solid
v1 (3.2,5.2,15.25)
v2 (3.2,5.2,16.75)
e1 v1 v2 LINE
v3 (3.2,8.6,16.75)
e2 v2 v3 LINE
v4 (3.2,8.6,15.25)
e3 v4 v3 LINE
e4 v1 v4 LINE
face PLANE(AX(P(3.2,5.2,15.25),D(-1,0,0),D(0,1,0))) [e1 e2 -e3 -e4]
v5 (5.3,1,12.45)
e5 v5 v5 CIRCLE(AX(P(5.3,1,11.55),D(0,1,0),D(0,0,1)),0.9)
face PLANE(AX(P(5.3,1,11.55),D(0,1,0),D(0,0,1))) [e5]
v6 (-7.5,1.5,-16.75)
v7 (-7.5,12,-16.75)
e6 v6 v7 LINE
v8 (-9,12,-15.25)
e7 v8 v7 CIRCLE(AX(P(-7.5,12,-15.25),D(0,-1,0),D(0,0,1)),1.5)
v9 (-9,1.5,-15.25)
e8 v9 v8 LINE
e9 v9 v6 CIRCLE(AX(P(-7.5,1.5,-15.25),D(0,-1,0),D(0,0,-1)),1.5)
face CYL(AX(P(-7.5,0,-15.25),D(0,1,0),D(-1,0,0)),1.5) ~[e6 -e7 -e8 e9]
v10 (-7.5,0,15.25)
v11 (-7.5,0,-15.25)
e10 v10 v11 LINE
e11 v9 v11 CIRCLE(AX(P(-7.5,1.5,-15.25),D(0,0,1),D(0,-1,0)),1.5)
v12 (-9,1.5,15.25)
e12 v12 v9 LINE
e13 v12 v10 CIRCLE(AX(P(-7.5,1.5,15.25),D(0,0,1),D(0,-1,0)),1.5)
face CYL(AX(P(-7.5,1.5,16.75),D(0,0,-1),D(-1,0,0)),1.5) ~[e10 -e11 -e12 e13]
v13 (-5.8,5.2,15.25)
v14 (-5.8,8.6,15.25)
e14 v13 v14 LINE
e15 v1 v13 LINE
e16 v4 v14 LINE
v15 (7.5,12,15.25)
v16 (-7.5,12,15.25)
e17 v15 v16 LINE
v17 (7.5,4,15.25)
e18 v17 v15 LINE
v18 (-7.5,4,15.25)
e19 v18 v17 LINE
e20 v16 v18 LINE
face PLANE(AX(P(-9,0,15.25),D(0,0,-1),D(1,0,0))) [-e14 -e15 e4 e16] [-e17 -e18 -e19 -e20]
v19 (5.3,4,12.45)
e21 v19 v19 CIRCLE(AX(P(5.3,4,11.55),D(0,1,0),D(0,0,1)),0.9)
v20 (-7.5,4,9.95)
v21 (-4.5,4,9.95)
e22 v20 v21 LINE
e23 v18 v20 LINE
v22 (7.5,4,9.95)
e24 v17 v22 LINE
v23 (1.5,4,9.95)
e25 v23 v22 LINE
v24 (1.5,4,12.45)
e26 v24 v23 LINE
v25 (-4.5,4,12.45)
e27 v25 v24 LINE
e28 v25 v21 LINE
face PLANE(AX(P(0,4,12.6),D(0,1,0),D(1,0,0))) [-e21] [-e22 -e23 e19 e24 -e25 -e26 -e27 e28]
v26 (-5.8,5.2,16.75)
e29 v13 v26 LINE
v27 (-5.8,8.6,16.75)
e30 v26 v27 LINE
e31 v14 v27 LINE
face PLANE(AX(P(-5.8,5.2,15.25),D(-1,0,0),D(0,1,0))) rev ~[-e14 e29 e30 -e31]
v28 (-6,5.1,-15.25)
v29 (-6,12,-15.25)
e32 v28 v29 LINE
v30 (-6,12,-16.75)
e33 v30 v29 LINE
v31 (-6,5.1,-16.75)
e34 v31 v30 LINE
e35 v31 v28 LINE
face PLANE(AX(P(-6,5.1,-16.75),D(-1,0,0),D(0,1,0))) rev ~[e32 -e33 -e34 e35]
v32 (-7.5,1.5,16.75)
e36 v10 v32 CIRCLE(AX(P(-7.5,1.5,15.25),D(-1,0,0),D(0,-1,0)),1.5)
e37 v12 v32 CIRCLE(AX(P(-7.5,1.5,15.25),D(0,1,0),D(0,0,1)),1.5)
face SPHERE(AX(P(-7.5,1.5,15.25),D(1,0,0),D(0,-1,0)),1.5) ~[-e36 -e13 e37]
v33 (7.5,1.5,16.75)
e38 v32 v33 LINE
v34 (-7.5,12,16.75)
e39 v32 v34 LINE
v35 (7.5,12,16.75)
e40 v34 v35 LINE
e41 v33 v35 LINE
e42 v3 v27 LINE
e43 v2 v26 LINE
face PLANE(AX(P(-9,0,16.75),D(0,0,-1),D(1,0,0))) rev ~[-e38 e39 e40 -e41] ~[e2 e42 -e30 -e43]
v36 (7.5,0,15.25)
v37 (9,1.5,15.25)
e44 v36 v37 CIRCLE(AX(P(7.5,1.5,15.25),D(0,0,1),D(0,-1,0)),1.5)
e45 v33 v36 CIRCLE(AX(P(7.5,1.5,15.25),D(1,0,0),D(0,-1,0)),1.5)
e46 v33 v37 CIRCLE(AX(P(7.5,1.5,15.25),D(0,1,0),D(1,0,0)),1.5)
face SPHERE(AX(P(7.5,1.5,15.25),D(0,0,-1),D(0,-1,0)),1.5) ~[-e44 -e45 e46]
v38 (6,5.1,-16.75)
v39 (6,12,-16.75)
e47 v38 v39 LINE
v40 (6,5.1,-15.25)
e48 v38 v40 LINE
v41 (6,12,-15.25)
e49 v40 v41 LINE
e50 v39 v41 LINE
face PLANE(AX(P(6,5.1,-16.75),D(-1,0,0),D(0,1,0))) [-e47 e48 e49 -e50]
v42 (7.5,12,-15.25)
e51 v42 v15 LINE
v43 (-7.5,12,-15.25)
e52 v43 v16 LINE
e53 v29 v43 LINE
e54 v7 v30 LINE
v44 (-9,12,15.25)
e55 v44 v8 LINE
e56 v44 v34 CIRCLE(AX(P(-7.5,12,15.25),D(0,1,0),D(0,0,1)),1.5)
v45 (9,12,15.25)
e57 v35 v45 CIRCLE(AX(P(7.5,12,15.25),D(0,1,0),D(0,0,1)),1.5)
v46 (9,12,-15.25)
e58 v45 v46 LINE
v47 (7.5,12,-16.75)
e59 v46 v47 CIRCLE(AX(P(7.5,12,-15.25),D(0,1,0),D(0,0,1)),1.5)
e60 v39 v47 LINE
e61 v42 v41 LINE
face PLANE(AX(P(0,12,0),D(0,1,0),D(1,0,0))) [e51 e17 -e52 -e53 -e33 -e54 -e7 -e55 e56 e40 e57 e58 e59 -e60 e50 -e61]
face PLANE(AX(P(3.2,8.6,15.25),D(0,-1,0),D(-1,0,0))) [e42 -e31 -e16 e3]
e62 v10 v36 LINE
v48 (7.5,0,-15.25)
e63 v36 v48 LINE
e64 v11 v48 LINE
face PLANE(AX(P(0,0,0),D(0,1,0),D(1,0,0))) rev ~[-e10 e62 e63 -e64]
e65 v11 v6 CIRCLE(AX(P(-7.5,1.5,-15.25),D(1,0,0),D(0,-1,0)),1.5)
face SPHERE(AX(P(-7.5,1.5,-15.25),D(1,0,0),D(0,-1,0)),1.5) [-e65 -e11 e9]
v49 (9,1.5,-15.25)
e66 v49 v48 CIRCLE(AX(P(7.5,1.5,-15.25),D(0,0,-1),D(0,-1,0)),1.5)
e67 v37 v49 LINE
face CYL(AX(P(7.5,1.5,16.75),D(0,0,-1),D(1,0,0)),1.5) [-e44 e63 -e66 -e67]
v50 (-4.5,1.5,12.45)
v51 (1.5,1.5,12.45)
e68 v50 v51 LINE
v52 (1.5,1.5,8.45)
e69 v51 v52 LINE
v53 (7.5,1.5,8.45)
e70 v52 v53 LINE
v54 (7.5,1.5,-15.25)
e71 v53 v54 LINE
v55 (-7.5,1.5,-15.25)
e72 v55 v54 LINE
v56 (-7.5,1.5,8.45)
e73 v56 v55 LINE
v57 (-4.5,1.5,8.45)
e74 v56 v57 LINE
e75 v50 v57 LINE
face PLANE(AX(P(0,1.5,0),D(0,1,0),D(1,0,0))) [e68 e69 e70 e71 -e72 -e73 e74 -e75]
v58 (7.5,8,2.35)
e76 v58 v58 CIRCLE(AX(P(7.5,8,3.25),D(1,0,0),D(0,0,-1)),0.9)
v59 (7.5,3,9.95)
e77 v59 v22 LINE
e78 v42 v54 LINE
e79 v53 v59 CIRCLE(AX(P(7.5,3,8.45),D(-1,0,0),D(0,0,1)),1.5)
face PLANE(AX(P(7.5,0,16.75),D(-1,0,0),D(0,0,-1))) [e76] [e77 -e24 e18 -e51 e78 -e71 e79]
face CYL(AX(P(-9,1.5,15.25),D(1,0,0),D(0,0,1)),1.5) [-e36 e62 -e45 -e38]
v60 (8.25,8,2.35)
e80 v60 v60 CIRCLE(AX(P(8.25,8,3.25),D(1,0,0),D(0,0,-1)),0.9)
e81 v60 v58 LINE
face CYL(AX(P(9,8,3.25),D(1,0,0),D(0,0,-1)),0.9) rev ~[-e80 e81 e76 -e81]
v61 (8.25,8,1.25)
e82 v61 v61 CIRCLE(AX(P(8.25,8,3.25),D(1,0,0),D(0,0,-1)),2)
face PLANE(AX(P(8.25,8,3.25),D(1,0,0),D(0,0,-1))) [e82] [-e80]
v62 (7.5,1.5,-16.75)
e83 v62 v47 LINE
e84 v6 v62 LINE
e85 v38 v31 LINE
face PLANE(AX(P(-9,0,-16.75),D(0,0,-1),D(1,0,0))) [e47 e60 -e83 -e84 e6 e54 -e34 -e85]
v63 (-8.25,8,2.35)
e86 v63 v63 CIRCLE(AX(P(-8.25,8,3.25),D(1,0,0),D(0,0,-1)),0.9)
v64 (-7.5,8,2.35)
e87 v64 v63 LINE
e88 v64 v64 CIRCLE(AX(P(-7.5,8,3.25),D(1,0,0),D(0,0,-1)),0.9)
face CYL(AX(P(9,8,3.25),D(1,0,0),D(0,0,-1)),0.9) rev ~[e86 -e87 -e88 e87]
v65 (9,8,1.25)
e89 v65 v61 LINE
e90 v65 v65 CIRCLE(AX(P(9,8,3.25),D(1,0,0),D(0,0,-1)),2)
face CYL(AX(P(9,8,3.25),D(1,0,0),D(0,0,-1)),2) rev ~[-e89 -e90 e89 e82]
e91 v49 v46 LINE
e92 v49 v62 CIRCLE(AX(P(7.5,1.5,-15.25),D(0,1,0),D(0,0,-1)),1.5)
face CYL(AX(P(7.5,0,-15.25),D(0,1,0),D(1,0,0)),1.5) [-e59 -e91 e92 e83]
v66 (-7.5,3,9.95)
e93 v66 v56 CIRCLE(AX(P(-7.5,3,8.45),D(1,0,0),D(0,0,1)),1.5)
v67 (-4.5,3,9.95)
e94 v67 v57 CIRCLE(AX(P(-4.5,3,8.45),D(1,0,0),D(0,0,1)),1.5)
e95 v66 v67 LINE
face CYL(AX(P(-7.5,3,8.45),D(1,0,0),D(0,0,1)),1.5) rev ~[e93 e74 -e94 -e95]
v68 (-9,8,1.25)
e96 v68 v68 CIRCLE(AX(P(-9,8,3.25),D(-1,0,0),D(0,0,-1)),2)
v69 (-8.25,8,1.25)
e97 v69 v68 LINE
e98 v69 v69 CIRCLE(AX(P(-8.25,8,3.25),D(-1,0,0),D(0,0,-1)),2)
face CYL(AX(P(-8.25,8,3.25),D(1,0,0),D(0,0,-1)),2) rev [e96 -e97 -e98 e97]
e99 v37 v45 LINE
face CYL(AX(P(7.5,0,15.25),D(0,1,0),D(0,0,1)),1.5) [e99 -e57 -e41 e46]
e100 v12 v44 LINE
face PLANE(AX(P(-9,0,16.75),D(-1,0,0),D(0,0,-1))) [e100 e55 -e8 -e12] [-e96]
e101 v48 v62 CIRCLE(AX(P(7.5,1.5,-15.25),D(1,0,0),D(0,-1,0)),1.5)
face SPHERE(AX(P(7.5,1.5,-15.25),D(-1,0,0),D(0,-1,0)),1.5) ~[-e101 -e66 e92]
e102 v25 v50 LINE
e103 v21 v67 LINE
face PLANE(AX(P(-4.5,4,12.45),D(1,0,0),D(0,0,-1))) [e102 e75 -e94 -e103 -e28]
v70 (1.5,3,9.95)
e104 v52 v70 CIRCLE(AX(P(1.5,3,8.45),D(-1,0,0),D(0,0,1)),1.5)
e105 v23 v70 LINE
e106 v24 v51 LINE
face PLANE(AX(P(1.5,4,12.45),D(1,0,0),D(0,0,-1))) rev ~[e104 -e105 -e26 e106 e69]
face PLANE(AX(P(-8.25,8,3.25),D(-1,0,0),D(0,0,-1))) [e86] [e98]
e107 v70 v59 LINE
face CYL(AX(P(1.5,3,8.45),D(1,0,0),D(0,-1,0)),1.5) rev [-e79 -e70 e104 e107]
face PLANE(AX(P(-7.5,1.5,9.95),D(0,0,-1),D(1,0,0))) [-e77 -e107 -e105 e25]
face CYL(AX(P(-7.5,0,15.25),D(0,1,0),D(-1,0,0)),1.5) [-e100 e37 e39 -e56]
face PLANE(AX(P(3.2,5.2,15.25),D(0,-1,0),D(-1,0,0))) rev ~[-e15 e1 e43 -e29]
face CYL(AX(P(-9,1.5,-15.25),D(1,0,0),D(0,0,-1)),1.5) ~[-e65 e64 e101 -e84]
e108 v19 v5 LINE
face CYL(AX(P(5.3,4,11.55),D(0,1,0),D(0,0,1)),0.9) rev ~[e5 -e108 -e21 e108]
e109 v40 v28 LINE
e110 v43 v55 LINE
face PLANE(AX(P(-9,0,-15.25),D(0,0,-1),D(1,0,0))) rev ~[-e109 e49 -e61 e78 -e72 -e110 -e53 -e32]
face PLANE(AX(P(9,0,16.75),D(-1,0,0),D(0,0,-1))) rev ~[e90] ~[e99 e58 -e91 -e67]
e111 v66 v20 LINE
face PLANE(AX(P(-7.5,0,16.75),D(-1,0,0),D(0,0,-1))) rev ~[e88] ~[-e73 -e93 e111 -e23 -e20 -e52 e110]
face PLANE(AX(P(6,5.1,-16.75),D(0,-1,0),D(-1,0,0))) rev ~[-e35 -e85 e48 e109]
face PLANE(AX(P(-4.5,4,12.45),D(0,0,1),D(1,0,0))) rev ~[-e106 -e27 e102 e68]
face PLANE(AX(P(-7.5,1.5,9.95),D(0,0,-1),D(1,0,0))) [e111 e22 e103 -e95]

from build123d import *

# Parameters (mm, degrees)
SKETCH_1_W          = 18
SKETCH_1_H          = 33.5
EXTRUDE_1_DEPTH     = 12
SHELL_1_T           = -1.5
FILLET_1_R          = 1.5
SKETCH_2_W          = 15
SKETCH_2_H          = 5.3
EXTRUDE_2_DEPTH     = 2.5
SKETCH_4_W          = 6
SKETCH_4_H          = 2.5
CUT_EXTRUDE_1_DEPTH = 2.5
FILLET_3_R          = 1.5
SKETCH_5_W          = 9
SKETCH_5_H          = 3.4
CUT_EXTRUDE_2_DEPTH = 2.5
SKETCH_6_W          = 12
SKETCH_6_H          = 8
CUT_EXTRUDE_3_DEPTH = 2.5
SKETCH_7_R          = 0.9
CUT_EXTRUDE_4_DEPTH = 3
SKETCH_8_R          = 0.9
CUT_EXTRUDE_5_DEPTH = 23.5
SKETCH_10_R         = 2
CUT_EXTRUDE_7_DEPTH = 0.75
CUT_EXTRUDE_START   = -0.75
SKETCH_11_R         = 2
CUT_EXTRUDE_8_DEPTH = 0.75


with BuildPart() as part:
    # 草图1 → 凸台-拉伸1 (new body)
    with BuildSketch(Plane(origin=(0, 0, 0), x_dir=(1, 0, 0), z_dir=(0, 1, 0))):
        Rectangle(SKETCH_1_W, SKETCH_1_H)
    extrude(amount=EXTRUDE_1_DEPTH)

    # 抽壳1
    shell_1_openings = [part.faces().sort_by_distance(p)[0] for p in [
        (0, 12, 0),
    ]]
    offset(amount=SHELL_1_T, openings=shell_1_openings, kind=Kind.INTERSECTION)

    # 圆角1
    fillet_1_edges = [part.edges().sort_by_distance(p)[0] for p in [
        (0, 0, -16.75),
        (9, 0, 0),
        (0, 0, 16.75),
        (-9, 0, 0),
        (-9, 6, -16.75),
        (9, 6, -16.75),
        (9, 6, 16.75),
        (-9, 6, 16.75),
    ]]
    fillet(fillet_1_edges, radius=FILLET_1_R)

    # 草图2 → 凸台-拉伸2 (add)
    with BuildSketch(Plane(origin=(0, 1.5, 0), x_dir=(1, 0, 0), z_dir=(0, 1, 0))):
        with Locations((0, -12.6)):
            Rectangle(SKETCH_2_W, SKETCH_2_H)
    extrude(amount=EXTRUDE_2_DEPTH)

    # 草图4 → 切除-拉伸1 (cut)
    with BuildSketch(Plane(origin=(0, 4, 0), x_dir=(1, 0, 0), z_dir=(0, 1, 0))):
        with Locations((-1.5, -11.2)):
            Rectangle(SKETCH_4_W, SKETCH_4_H)
    extrude(amount=-CUT_EXTRUDE_1_DEPTH, mode=Mode.SUBTRACT)

    # 圆角3
    fillet_3_edges = [part.edges().sort_by_distance(p)[0] for p in [
        (4.5, 1.5, 9.95),
        (-6, 1.5, 9.95),
    ]]
    fillet(fillet_3_edges, radius=FILLET_3_R)

    # 草图5 → 切除-拉伸2 (cut)
    with BuildSketch(Plane(origin=(0, 0, 15.25), x_dir=(-1, 0, 0), z_dir=(0, 0, -1))):
        with Locations((1.3, 6.9)):
            Rectangle(SKETCH_5_W, SKETCH_5_H)
    extrude(amount=-CUT_EXTRUDE_2_DEPTH, mode=Mode.SUBTRACT)

    # 草图6 → 切除-拉伸3 (cut)
    with BuildSketch(Plane(origin=(0, 0, -16.75), x_dir=(-1, 0, 0), z_dir=(0, 0, -1))):
        with Locations((0, 9.1)):
            Rectangle(SKETCH_6_W, SKETCH_6_H)
    extrude(amount=-CUT_EXTRUDE_3_DEPTH, mode=Mode.SUBTRACT)

    # 草图7 → 切除-拉伸4 (cut)
    with BuildSketch(Plane(origin=(0, 4, 0), x_dir=(1, 0, 0), z_dir=(0, 1, 0))):
        with Locations(Location((5.3, -11.55, 0), (0, 0, 270))):
            Circle(SKETCH_7_R)
    extrude(amount=-CUT_EXTRUDE_4_DEPTH, mode=Mode.SUBTRACT)

    # 草图8 → 切除-拉伸5 (cut)
    with BuildSketch(Plane(origin=(9, 0, 0), x_dir=(0, 0, -1), z_dir=(1, 0, 0))):
        with Locations((-3.25, 8)):
            Circle(SKETCH_8_R)
    extrude(amount=-CUT_EXTRUDE_5_DEPTH, mode=Mode.SUBTRACT)

    # 草图10 → 切除-拉伸7 (cut)
    with BuildSketch(Plane(origin=(9, 0, 0), x_dir=(0, 0, -1), z_dir=(1, 0, 0))):
        with Locations((-3.25, 8)):
            Circle(SKETCH_10_R)
    extrude(amount=-CUT_EXTRUDE_7_DEPTH, mode=Mode.SUBTRACT)

    # 草图11 → 切除-拉伸8 (cut)
    with BuildSketch(Plane.ZY.offset(9).offset(CUT_EXTRUDE_START)):
        with Locations(Location((3.25, 8, 0), (0, 0, 180))):
            Circle(SKETCH_11_R)
    extrude(amount=CUT_EXTRUDE_8_DEPTH, mode=Mode.SUBTRACT)


solid = part.part
